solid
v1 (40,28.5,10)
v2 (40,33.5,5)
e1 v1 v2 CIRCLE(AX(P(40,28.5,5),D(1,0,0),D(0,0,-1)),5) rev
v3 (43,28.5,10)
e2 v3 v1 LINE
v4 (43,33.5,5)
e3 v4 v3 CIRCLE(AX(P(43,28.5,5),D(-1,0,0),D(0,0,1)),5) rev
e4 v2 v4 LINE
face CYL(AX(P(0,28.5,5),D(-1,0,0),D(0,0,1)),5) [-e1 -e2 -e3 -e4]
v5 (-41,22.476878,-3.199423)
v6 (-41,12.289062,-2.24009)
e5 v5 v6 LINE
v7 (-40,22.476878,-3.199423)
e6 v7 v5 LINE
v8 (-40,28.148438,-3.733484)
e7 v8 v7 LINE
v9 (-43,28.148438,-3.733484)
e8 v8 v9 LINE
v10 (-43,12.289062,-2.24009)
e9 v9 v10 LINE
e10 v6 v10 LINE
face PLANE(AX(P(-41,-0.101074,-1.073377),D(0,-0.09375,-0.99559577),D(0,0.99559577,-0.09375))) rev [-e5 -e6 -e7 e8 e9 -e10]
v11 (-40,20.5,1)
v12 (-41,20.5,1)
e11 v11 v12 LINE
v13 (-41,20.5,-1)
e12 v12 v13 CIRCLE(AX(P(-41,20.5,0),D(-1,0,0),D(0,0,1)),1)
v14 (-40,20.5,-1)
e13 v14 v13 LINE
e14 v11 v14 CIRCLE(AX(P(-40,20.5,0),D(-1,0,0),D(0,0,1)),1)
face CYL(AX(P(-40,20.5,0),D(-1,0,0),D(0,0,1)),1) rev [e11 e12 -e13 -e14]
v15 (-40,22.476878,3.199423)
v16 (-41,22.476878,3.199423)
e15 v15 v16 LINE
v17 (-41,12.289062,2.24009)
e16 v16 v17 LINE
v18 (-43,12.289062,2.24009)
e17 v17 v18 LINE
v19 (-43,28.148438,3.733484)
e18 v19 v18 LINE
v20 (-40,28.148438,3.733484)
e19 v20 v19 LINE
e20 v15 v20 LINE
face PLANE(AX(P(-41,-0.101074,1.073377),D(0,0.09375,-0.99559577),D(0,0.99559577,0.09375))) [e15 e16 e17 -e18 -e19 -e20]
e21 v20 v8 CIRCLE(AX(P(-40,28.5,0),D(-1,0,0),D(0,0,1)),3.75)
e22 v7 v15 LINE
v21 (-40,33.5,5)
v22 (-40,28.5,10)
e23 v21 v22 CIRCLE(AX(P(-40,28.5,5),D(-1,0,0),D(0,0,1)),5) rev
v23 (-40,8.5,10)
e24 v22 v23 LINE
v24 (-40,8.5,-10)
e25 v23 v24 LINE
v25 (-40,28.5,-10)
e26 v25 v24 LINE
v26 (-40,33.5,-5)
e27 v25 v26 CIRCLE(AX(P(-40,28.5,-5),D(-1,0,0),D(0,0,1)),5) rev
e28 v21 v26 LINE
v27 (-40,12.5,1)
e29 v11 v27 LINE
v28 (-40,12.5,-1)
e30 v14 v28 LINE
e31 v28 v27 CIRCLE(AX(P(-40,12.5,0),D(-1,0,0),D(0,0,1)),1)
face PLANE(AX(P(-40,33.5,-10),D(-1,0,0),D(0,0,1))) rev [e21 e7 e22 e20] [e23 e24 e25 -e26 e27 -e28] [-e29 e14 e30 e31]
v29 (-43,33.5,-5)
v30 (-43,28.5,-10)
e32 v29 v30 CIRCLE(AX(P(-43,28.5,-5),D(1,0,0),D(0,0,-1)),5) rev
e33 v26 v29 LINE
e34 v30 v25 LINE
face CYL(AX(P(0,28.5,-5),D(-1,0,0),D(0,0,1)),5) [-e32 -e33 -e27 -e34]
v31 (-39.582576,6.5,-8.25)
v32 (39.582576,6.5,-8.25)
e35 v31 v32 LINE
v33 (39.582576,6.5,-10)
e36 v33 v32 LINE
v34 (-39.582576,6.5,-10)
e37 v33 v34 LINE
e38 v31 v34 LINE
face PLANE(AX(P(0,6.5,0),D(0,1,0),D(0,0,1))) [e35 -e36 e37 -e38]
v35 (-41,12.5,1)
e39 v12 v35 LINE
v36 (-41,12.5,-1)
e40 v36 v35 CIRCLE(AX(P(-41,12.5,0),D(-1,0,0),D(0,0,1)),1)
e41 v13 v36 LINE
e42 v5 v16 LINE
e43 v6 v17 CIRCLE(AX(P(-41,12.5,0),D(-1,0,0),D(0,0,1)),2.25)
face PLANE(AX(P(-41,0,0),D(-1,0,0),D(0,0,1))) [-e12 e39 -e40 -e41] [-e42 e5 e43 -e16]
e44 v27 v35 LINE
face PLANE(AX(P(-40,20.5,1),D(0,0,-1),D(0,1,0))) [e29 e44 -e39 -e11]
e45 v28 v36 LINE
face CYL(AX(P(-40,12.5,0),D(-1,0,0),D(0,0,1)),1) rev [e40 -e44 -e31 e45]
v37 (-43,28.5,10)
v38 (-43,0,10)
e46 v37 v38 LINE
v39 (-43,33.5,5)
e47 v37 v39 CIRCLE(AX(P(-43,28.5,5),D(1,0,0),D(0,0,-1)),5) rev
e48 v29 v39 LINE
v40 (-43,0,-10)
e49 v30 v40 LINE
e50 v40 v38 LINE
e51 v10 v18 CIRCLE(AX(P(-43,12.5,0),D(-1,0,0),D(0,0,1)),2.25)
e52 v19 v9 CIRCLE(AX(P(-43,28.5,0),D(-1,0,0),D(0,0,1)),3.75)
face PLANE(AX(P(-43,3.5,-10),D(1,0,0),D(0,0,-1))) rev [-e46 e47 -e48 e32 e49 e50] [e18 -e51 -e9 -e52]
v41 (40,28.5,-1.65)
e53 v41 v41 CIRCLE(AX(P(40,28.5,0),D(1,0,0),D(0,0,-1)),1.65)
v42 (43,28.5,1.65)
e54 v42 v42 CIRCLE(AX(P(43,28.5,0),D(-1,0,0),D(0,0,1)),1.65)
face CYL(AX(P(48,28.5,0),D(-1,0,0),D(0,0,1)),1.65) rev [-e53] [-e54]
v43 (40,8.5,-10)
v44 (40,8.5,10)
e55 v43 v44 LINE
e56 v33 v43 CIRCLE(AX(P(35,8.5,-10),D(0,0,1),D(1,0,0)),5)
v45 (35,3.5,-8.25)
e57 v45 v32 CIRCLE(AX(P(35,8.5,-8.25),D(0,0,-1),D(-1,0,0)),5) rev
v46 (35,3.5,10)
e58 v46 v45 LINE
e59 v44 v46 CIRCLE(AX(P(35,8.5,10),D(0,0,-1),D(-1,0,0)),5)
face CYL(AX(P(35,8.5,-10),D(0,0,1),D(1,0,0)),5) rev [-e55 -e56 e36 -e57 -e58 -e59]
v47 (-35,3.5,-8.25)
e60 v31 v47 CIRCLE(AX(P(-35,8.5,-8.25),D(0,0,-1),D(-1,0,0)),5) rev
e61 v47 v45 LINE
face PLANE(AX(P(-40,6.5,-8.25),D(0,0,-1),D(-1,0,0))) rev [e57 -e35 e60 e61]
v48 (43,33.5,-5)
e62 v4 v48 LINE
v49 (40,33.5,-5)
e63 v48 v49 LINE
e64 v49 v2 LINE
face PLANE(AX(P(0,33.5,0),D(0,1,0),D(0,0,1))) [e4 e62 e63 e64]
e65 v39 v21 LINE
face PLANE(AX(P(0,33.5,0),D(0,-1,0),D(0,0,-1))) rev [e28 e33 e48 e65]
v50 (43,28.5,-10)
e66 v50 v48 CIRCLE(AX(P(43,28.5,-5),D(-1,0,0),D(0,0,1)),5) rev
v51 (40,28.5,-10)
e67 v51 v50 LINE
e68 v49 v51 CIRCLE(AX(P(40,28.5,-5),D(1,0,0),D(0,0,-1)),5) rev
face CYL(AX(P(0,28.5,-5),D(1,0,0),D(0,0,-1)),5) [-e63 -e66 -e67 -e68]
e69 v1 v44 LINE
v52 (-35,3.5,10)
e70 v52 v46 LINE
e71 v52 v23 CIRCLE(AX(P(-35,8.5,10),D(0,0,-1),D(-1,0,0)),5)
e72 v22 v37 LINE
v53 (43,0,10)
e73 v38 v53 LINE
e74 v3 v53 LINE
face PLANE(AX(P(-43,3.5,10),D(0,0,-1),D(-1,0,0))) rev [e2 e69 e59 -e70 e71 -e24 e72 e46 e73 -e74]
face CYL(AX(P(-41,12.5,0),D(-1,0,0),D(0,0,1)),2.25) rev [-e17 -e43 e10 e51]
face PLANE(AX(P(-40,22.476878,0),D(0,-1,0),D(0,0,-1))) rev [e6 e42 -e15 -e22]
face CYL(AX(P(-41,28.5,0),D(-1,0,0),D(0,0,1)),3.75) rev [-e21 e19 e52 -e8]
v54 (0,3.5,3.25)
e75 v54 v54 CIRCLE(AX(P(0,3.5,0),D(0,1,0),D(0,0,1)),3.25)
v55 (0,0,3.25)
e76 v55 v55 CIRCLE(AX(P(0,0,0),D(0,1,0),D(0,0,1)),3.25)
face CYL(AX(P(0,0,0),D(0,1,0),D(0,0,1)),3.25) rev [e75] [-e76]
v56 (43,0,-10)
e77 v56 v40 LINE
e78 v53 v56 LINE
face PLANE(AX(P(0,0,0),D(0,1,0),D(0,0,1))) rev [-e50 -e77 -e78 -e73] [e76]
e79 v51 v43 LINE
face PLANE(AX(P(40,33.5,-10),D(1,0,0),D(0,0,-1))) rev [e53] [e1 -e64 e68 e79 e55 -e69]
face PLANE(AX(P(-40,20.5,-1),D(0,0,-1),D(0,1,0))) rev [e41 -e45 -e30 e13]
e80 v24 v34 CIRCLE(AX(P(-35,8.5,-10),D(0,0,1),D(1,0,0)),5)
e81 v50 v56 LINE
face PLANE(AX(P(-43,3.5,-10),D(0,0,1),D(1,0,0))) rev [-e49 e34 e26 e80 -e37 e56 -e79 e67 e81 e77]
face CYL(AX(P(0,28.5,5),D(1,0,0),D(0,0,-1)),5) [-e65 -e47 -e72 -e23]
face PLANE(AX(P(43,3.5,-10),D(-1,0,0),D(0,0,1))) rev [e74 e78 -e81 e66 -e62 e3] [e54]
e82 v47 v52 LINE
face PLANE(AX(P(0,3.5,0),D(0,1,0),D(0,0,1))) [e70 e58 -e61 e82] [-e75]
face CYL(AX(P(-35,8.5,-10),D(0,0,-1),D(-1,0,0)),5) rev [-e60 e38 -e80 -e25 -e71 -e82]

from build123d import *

# Parameters (mm, degrees)
SKETCH_1_W          = 86
SKETCH_1_H          = 20
EXTRUDE_1_DEPTH     = 3.5
SKETCH_2_R          = 3.25
CUT_EXTRUDE_1_DEPTH = 3.5
SKETCH_3_W          = 3
SKETCH_3_H          = 20
EXTRUDE_2_DEPTH     = 30
FILLET_1_R          = 5
FILLET_2_R          = 5
SKETCH_4_R          = 1.65
CUT_EXTRUDE_2_DEPTH = 91
FILLET_3_R          = 5
SKETCH_6_R          = 1.65
CUT_EXTRUDE_3_DEPTH = 2
SKETCH_7_R          = 1.65
CUT_EXTRUDE_4_DEPTH = 1
SKETCH_8_W          = 80.307081952
SKETCH_8_H          = 1.75
EXTRUDE_3_DEPTH     = 3


with BuildPart() as part:
    # 草图1 → 凸台-拉伸1 (new body)
    with BuildSketch(Plane(origin=(0, 0, 0), x_dir=(1, 0, 0), z_dir=(0, 1, 0))):
        Rectangle(SKETCH_1_W, SKETCH_1_H)
    extrude(amount=EXTRUDE_1_DEPTH)

    # 草图2 → 切除-拉伸1 (cut)
    with BuildSketch(Plane(origin=(0, 3.5, 0), x_dir=(1, 0, 0), z_dir=(0, 1, 0))):
        with Locations(Location((0, 0, 0), (0, 0, 270))):
            Circle(SKETCH_2_R)
    extrude(amount=-CUT_EXTRUDE_1_DEPTH, mode=Mode.SUBTRACT)

    # 草图3 → 凸台-拉伸2 (add)
    with BuildSketch(Plane(origin=(0, 3.5, 0), x_dir=(1, 0, 0), z_dir=(0, 1, 0))):
        with Locations((41.5, 0)):
            Rectangle(SKETCH_3_W, SKETCH_3_H)
        with Locations((-41.5, 0)):
            Rectangle(SKETCH_3_W, SKETCH_3_H)
    extrude(amount=EXTRUDE_2_DEPTH)

    # 圆角1
    fillet_1_edges = [part.edges().sort_by_distance(p)[0] for p in [
        (-40, 3.5, 0),
    ]]
    fillet(fillet_1_edges, radius=FILLET_1_R)

    # 圆角2
    fillet_2_edges = [part.edges().sort_by_distance(p)[0] for p in [
        (40, 3.5, 0),
    ]]
    fillet(fillet_2_edges, radius=FILLET_2_R)

    # 草图4 → 切除-拉伸2 (cut)
    with BuildSketch(Plane.ZY.offset(43)):
        with Locations((0, 28.5)):
            Circle(SKETCH_4_R)
    extrude(amount=-CUT_EXTRUDE_2_DEPTH, mode=Mode.SUBTRACT)

    # 圆角3
    fillet_3_edges = [part.edges().sort_by_distance(p)[0] for p in [
        (41.5, 33.5, -10),
        (41.5, 33.5, 10),
        (-41.5, 33.5, 10),
        (-41.5, 33.5, -10),
    ]]
    fillet(fillet_3_edges, radius=FILLET_3_R)

    # 草图6 → 切除-拉伸3 (cut)
    with BuildSketch(Plane.ZY.offset(43)):
        with BuildLine():
            Line((2.240090483, 12.2890625), (3.733484138, 28.1484375))
            ThreePointArc((3.733484138, 28.1484375), (0, 32.25), (-3.733484138, 28.1484375))
            Line((-3.733484138, 28.1484375), (-2.240090483, 12.2890625))
            ThreePointArc((-2.240090483, 12.2890625), (0, 10.25), (2.240090483, 12.2890625))
        make_face()
        with Locations((0, 28.5)):
            Circle(SKETCH_6_R, mode=Mode.SUBTRACT)
    extrude(amount=-CUT_EXTRUDE_3_DEPTH, mode=Mode.SUBTRACT)

    # 草图7 → 切除-拉伸4 (cut)
    # profile 1 of 3: a face of its own
    with BuildSketch(Plane.ZY.offset(41)):
        with BuildLine():
            ThreePointArc((3.75, 28.5), (-0.175975116, 32.245868759), (-3.733484138, 28.1484375))
            ThreePointArc((-3.733484138, 28.1484375), (0, 24.75), (3.733484138, 28.1484375))
            ThreePointArc((3.733484138, 28.1484375), (3.745868759, 28.324024884), (3.75, 28.5))
        make_face()
        with Locations((0, 28.5)):
            Circle(SKETCH_7_R, mode=Mode.SUBTRACT)
    # profile 2 of 3: a face of its own
    with BuildSketch(Plane.ZY.offset(41)):
        with BuildLine():
            Line((-3.733484138, 28.1484375), (-3.199423337, 22.476878304))
            Line((-3.199423337, 22.476878304), (3.199423337, 22.476878304))
            Line((3.199423337, 22.476878304), (3.733484138, 28.1484375))
            ThreePointArc((3.733484138, 28.1484375), (0, 24.75), (-3.733484138, 28.1484375))
        make_face()
    # profile 3 of 3: a face of its own
    with BuildSketch(Plane.ZY.offset(41)):
        with BuildLine():
            Line((-1, 20.5), (-1, 12.5))
            ThreePointArc((-1, 12.5), (0, 11.5), (1, 12.5))
            Line((1, 12.5), (1, 20.5))
            ThreePointArc((1, 20.5), (0, 21.5), (-1, 20.5))
        make_face()
    extrude(amount=-CUT_EXTRUDE_4_DEPTH, mode=Mode.SUBTRACT)

    # 草图8 → 凸台-拉伸3 (add)
    with BuildSketch(Plane(origin=(0, 3.5, 0), x_dir=(1, 0, 0), z_dir=(0, 1, 0))):
        with Locations((0.153540976, 9.125)):
            Rectangle(SKETCH_8_W, SKETCH_8_H)
    extrude(amount=EXTRUDE_3_DEPTH)


solid = part.part
